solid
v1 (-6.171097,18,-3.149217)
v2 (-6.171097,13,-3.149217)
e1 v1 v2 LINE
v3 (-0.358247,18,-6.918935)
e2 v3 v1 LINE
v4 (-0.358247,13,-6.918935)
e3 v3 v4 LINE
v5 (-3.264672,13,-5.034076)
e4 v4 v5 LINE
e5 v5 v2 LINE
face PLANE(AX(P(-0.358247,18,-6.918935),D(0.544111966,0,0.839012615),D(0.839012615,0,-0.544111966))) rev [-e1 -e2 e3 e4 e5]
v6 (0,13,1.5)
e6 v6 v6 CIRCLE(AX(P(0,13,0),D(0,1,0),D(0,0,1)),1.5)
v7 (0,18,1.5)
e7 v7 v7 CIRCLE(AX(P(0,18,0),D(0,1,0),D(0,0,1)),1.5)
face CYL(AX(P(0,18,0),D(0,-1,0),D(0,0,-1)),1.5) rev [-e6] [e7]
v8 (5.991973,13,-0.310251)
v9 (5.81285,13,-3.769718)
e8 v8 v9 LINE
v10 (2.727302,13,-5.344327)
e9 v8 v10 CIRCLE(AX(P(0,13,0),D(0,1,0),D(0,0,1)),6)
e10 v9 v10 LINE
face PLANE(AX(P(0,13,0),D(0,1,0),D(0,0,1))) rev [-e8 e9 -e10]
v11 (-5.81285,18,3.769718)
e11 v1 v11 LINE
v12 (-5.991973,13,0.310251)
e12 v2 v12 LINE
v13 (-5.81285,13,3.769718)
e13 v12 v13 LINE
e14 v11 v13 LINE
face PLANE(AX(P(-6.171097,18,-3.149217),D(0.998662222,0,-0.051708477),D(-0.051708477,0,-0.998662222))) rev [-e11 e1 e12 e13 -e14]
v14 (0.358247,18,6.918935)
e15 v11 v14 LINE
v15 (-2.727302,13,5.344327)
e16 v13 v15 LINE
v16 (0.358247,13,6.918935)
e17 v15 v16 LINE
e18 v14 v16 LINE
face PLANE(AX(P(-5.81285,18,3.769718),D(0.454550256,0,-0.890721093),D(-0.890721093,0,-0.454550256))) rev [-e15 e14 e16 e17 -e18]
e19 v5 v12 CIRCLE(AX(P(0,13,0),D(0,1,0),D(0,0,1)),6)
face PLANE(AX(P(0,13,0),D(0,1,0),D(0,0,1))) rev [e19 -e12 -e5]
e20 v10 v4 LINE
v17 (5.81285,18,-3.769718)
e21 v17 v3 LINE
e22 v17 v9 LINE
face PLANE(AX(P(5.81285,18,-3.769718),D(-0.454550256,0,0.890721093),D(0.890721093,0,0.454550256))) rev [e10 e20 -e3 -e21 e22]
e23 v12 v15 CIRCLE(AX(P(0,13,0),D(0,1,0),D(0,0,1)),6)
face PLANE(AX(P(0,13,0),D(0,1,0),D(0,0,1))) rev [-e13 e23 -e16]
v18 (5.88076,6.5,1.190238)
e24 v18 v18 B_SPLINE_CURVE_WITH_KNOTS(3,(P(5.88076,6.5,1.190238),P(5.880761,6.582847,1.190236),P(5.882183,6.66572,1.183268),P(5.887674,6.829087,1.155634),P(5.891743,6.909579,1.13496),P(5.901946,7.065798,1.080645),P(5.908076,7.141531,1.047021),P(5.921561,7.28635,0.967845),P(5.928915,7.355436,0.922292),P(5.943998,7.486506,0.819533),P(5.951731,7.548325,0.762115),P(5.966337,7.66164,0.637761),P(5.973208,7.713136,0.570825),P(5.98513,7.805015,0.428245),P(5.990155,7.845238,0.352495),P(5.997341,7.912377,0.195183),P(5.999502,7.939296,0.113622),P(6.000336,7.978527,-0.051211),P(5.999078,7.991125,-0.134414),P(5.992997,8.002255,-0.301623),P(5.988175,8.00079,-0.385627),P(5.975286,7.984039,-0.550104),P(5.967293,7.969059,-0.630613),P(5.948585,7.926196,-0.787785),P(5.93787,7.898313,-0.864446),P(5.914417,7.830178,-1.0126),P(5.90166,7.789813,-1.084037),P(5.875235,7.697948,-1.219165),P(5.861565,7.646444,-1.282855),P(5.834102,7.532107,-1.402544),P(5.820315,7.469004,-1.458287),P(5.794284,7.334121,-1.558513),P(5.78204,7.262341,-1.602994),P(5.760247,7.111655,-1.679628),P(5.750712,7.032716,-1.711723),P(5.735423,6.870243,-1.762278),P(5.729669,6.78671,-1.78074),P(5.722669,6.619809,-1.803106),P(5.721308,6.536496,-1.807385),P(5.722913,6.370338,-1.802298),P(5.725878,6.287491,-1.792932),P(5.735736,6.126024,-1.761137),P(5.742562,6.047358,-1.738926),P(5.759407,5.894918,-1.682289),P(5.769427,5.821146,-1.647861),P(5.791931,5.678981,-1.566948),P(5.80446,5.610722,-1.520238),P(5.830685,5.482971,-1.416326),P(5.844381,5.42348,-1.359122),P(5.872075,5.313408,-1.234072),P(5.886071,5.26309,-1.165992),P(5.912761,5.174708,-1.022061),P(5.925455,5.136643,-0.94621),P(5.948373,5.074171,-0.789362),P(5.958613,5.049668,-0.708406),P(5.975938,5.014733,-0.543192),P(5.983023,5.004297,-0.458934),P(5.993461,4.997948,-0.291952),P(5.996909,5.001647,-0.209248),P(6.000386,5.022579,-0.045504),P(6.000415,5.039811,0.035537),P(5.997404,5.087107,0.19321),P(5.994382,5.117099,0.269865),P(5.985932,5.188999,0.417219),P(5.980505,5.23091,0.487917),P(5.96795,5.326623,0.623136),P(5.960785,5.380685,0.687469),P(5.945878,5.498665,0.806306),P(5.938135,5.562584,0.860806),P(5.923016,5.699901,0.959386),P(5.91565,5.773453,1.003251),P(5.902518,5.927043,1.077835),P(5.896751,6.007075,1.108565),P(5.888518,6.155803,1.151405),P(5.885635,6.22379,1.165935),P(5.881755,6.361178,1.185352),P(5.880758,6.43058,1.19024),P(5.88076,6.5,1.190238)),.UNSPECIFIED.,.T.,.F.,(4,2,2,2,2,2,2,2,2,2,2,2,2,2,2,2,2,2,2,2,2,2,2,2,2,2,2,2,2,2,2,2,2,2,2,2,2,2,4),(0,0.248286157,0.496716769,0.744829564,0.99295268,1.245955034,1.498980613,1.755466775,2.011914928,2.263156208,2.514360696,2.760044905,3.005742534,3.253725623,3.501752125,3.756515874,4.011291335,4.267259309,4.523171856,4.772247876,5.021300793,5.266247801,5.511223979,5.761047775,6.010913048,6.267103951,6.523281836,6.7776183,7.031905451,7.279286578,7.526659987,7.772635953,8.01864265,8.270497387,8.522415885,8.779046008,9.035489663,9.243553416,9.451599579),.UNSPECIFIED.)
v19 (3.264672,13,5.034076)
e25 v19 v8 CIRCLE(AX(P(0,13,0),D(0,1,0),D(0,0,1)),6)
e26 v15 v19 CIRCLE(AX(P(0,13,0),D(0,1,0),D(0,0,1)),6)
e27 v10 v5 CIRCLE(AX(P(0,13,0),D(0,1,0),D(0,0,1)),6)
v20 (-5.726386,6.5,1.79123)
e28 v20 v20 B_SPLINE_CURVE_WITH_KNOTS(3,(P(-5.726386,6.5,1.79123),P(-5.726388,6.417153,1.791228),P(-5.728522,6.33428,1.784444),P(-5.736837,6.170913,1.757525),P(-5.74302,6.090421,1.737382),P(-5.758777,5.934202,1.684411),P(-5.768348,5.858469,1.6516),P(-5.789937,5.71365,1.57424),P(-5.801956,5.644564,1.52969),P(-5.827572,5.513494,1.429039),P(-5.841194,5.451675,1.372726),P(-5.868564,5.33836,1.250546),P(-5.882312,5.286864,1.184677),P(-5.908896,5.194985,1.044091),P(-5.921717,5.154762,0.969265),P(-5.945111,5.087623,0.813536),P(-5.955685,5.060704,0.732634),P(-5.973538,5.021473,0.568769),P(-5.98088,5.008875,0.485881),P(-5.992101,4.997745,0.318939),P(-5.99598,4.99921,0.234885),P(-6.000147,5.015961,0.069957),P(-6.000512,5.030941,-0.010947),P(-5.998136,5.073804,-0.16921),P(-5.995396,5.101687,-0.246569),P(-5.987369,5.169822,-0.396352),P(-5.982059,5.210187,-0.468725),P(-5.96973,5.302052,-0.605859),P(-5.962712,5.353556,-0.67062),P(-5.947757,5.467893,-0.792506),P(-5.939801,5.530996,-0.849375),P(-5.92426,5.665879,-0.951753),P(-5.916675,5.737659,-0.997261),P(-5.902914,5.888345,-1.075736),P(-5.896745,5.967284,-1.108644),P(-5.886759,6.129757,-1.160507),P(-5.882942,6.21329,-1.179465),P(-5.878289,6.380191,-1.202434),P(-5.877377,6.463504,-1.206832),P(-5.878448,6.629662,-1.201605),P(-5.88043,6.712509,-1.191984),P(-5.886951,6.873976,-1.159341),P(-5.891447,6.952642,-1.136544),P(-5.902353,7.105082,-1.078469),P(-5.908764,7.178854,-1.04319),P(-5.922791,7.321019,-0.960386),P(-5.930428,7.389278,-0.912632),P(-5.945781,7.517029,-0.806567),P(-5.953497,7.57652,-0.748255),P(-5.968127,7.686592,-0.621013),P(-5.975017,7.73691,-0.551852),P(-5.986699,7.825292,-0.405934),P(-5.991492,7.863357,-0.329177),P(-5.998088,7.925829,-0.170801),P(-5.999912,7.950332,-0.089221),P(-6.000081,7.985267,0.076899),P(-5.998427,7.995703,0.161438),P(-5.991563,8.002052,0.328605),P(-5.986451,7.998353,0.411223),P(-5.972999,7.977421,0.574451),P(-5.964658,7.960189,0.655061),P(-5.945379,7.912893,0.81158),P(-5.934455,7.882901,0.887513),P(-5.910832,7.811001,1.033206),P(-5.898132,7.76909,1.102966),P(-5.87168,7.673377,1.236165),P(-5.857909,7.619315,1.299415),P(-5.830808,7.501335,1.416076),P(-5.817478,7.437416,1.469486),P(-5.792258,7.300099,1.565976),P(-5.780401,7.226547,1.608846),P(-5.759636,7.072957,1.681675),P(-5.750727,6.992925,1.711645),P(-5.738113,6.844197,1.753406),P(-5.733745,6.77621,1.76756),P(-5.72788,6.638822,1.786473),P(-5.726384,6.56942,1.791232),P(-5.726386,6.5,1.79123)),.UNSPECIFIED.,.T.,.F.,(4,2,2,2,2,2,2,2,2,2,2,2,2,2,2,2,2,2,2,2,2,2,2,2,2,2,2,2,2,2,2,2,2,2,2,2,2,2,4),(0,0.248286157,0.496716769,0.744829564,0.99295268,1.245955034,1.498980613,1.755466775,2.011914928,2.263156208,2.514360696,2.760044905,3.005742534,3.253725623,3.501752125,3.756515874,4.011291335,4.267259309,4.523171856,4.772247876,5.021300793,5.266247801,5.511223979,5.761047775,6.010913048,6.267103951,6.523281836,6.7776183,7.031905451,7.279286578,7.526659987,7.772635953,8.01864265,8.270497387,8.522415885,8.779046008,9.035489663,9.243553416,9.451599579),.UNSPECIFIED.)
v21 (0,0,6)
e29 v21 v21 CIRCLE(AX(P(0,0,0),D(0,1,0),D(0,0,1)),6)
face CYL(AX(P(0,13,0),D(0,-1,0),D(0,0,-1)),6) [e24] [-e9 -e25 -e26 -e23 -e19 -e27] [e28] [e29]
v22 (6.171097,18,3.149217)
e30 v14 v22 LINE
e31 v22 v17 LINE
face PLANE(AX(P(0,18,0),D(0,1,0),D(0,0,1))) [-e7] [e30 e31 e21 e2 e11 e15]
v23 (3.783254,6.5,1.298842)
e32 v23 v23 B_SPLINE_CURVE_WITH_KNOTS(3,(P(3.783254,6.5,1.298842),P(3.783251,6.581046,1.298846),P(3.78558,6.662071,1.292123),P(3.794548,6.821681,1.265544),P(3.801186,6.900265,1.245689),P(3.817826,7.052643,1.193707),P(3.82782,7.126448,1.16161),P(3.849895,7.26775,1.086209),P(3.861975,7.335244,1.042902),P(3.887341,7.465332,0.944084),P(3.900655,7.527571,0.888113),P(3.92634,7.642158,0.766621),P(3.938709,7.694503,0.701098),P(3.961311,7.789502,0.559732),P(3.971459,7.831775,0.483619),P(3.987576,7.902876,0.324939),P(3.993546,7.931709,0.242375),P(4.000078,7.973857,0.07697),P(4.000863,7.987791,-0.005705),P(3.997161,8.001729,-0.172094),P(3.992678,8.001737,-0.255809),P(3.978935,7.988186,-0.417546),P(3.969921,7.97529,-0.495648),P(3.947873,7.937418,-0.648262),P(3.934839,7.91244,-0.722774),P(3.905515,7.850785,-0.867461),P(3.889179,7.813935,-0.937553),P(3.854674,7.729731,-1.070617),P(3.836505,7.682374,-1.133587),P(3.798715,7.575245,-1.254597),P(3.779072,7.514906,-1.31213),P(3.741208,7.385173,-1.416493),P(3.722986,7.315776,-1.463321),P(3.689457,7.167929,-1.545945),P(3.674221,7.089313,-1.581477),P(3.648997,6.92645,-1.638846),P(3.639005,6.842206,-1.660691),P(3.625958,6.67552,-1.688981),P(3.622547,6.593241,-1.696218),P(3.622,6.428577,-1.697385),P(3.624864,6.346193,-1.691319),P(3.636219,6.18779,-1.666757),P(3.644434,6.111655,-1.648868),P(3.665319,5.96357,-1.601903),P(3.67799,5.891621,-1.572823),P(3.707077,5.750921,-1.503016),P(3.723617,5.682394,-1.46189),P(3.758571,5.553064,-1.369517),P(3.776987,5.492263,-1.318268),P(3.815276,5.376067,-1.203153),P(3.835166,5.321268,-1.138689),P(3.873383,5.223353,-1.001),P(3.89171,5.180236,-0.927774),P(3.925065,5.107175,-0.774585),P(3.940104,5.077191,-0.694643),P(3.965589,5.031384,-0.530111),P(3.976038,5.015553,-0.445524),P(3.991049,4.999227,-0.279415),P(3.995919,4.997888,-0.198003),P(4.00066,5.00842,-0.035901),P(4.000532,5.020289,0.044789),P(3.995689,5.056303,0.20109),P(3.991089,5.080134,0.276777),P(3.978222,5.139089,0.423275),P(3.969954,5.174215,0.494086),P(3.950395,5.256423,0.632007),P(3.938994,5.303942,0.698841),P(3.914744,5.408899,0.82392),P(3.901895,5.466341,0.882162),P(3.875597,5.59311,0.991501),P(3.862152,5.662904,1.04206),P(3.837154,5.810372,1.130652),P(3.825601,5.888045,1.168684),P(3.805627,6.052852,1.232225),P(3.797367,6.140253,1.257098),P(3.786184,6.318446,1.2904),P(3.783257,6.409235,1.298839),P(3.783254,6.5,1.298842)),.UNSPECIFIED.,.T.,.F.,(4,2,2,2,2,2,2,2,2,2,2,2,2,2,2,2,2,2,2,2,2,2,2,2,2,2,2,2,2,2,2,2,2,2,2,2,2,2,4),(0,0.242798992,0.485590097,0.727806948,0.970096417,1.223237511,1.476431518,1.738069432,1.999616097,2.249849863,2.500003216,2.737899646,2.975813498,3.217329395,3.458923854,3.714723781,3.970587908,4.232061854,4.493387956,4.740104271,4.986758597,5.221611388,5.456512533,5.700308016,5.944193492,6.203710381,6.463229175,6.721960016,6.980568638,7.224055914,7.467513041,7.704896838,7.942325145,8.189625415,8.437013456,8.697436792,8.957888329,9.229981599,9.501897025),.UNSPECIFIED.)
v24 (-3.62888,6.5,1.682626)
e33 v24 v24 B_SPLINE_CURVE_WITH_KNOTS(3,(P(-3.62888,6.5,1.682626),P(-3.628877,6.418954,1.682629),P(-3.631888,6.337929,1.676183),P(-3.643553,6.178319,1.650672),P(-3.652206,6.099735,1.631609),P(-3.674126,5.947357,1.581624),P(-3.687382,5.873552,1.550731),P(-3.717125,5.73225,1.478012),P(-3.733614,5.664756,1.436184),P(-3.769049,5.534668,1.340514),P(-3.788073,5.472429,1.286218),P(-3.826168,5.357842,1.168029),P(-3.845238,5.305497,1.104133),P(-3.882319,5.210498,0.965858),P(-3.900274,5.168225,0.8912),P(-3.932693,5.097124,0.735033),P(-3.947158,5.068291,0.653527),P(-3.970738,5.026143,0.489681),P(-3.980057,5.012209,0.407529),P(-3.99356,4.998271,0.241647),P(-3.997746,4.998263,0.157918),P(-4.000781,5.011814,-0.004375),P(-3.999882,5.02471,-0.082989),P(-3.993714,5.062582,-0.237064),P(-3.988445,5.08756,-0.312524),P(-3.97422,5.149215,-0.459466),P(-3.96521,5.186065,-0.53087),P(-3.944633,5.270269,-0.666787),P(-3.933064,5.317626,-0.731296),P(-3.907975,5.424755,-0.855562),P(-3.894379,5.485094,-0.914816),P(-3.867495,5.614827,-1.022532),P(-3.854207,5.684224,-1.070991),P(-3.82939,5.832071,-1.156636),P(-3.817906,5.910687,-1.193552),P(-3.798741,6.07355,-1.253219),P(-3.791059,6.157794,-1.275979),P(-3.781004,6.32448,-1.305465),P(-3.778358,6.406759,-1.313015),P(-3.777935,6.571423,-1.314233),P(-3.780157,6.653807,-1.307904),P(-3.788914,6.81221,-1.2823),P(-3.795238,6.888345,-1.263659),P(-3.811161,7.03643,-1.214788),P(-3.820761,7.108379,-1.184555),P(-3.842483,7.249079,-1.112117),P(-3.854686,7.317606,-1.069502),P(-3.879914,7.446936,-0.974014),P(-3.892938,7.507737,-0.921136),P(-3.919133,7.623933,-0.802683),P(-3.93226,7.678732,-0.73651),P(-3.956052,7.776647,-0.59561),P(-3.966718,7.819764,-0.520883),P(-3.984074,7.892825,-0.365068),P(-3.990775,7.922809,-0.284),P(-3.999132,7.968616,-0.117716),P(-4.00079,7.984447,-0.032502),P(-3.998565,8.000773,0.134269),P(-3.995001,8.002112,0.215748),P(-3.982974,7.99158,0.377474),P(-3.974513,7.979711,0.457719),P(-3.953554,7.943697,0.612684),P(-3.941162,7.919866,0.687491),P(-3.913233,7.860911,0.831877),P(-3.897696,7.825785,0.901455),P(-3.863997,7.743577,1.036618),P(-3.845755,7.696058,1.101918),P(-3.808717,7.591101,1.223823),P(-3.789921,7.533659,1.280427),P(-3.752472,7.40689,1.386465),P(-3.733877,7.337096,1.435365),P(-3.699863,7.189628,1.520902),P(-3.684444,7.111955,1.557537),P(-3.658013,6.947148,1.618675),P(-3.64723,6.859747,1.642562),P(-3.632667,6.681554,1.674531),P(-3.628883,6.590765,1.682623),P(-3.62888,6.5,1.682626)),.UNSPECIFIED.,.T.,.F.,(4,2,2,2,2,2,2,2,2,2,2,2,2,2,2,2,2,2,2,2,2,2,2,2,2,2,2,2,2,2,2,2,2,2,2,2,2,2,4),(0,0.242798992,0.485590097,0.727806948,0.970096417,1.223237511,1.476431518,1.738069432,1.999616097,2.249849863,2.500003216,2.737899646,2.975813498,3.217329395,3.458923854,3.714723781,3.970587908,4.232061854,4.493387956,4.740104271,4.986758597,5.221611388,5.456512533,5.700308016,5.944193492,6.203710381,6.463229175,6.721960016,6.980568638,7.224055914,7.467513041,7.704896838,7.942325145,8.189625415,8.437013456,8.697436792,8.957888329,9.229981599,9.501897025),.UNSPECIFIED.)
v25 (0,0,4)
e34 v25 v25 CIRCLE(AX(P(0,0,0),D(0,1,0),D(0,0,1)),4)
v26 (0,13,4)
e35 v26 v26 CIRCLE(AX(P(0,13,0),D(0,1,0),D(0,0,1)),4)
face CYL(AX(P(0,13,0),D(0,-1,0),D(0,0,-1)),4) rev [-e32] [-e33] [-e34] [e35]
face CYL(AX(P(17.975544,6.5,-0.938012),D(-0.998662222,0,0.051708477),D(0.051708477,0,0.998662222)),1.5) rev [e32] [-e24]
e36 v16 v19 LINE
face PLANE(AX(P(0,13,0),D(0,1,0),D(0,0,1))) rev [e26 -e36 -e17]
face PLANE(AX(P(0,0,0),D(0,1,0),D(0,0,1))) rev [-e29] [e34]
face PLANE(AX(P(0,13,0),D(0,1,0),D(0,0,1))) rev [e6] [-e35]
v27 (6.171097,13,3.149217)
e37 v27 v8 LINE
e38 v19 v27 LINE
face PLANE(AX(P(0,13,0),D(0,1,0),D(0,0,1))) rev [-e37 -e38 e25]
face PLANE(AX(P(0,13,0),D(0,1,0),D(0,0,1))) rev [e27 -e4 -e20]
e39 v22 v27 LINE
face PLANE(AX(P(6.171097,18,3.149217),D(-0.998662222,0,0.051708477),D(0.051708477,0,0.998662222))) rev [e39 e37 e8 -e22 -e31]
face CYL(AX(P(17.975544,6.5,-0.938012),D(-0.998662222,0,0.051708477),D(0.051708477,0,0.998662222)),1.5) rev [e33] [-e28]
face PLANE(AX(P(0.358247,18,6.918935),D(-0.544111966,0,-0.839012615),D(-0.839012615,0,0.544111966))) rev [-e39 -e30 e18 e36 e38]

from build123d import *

# Parameters (mm, degrees)
CROQUIS1_R              = 6
CROQUIS1_R_2            = 4
SALIENTE_EXTRUIR1_DEPTH = 13
CROQUIS2_R              = 1.5
SALIENTE_EXTRUIR2_DEPTH = 5
CROQUIS3_R              = 1.5
CORTAR_EXTRUIR1_DEPTH   = 24


with BuildPart() as part:
    # Croquis1 → Saliente-Extruir1 (new body)
    with BuildSketch(Plane(origin=(0, 0, 0), x_dir=(1, 0, 0), z_dir=(0, 1, 0))):
        with Locations(Location((0, 0, 0), (0, 0, 90))):
            Circle(CROQUIS1_R)
        with Locations(Location((0, 0, 0), (0, 0, 90))):
            Circle(CROQUIS1_R_2, mode=Mode.SUBTRACT)
    extrude(amount=SALIENTE_EXTRUIR1_DEPTH)

    # Croquis2 → Saliente-Extruir2 (add)
    with BuildSketch(Plane(origin=(0, 13, 0), x_dir=(1, 0, 0), z_dir=(0, 1, 0))):
        Polygon((6.17109675, -3.149216553), (5.812849912, 3.769718279), (-0.358246838, 6.918934832), (-6.17109675, 3.149216553), (-5.812849912, -3.769718279), (0.358246838, -6.918934832), align=None)
        with Locations(Location((0, 0, 0), (0, 0, 270))):
            Circle(CROQUIS2_R, mode=Mode.SUBTRACT)
    extrude(amount=SALIENTE_EXTRUIR2_DEPTH)

    # Croquis3 → Cortar-Extruir1 (cut)
    with BuildSketch(Plane(origin=(-5.991973331, 0, 0.310250863), x_dir=(0.0517084771330075, 0, 0.9986622218711316), z_dir=(-0.9986622218711316, 0, 0.0517084771330075))):
        with Locations((-0.007268939, 6.5)):
            Circle(CROQUIS3_R)
    extrude(amount=-CORTAR_EXTRUIR1_DEPTH, mode=Mode.SUBTRACT)


solid = part.part
